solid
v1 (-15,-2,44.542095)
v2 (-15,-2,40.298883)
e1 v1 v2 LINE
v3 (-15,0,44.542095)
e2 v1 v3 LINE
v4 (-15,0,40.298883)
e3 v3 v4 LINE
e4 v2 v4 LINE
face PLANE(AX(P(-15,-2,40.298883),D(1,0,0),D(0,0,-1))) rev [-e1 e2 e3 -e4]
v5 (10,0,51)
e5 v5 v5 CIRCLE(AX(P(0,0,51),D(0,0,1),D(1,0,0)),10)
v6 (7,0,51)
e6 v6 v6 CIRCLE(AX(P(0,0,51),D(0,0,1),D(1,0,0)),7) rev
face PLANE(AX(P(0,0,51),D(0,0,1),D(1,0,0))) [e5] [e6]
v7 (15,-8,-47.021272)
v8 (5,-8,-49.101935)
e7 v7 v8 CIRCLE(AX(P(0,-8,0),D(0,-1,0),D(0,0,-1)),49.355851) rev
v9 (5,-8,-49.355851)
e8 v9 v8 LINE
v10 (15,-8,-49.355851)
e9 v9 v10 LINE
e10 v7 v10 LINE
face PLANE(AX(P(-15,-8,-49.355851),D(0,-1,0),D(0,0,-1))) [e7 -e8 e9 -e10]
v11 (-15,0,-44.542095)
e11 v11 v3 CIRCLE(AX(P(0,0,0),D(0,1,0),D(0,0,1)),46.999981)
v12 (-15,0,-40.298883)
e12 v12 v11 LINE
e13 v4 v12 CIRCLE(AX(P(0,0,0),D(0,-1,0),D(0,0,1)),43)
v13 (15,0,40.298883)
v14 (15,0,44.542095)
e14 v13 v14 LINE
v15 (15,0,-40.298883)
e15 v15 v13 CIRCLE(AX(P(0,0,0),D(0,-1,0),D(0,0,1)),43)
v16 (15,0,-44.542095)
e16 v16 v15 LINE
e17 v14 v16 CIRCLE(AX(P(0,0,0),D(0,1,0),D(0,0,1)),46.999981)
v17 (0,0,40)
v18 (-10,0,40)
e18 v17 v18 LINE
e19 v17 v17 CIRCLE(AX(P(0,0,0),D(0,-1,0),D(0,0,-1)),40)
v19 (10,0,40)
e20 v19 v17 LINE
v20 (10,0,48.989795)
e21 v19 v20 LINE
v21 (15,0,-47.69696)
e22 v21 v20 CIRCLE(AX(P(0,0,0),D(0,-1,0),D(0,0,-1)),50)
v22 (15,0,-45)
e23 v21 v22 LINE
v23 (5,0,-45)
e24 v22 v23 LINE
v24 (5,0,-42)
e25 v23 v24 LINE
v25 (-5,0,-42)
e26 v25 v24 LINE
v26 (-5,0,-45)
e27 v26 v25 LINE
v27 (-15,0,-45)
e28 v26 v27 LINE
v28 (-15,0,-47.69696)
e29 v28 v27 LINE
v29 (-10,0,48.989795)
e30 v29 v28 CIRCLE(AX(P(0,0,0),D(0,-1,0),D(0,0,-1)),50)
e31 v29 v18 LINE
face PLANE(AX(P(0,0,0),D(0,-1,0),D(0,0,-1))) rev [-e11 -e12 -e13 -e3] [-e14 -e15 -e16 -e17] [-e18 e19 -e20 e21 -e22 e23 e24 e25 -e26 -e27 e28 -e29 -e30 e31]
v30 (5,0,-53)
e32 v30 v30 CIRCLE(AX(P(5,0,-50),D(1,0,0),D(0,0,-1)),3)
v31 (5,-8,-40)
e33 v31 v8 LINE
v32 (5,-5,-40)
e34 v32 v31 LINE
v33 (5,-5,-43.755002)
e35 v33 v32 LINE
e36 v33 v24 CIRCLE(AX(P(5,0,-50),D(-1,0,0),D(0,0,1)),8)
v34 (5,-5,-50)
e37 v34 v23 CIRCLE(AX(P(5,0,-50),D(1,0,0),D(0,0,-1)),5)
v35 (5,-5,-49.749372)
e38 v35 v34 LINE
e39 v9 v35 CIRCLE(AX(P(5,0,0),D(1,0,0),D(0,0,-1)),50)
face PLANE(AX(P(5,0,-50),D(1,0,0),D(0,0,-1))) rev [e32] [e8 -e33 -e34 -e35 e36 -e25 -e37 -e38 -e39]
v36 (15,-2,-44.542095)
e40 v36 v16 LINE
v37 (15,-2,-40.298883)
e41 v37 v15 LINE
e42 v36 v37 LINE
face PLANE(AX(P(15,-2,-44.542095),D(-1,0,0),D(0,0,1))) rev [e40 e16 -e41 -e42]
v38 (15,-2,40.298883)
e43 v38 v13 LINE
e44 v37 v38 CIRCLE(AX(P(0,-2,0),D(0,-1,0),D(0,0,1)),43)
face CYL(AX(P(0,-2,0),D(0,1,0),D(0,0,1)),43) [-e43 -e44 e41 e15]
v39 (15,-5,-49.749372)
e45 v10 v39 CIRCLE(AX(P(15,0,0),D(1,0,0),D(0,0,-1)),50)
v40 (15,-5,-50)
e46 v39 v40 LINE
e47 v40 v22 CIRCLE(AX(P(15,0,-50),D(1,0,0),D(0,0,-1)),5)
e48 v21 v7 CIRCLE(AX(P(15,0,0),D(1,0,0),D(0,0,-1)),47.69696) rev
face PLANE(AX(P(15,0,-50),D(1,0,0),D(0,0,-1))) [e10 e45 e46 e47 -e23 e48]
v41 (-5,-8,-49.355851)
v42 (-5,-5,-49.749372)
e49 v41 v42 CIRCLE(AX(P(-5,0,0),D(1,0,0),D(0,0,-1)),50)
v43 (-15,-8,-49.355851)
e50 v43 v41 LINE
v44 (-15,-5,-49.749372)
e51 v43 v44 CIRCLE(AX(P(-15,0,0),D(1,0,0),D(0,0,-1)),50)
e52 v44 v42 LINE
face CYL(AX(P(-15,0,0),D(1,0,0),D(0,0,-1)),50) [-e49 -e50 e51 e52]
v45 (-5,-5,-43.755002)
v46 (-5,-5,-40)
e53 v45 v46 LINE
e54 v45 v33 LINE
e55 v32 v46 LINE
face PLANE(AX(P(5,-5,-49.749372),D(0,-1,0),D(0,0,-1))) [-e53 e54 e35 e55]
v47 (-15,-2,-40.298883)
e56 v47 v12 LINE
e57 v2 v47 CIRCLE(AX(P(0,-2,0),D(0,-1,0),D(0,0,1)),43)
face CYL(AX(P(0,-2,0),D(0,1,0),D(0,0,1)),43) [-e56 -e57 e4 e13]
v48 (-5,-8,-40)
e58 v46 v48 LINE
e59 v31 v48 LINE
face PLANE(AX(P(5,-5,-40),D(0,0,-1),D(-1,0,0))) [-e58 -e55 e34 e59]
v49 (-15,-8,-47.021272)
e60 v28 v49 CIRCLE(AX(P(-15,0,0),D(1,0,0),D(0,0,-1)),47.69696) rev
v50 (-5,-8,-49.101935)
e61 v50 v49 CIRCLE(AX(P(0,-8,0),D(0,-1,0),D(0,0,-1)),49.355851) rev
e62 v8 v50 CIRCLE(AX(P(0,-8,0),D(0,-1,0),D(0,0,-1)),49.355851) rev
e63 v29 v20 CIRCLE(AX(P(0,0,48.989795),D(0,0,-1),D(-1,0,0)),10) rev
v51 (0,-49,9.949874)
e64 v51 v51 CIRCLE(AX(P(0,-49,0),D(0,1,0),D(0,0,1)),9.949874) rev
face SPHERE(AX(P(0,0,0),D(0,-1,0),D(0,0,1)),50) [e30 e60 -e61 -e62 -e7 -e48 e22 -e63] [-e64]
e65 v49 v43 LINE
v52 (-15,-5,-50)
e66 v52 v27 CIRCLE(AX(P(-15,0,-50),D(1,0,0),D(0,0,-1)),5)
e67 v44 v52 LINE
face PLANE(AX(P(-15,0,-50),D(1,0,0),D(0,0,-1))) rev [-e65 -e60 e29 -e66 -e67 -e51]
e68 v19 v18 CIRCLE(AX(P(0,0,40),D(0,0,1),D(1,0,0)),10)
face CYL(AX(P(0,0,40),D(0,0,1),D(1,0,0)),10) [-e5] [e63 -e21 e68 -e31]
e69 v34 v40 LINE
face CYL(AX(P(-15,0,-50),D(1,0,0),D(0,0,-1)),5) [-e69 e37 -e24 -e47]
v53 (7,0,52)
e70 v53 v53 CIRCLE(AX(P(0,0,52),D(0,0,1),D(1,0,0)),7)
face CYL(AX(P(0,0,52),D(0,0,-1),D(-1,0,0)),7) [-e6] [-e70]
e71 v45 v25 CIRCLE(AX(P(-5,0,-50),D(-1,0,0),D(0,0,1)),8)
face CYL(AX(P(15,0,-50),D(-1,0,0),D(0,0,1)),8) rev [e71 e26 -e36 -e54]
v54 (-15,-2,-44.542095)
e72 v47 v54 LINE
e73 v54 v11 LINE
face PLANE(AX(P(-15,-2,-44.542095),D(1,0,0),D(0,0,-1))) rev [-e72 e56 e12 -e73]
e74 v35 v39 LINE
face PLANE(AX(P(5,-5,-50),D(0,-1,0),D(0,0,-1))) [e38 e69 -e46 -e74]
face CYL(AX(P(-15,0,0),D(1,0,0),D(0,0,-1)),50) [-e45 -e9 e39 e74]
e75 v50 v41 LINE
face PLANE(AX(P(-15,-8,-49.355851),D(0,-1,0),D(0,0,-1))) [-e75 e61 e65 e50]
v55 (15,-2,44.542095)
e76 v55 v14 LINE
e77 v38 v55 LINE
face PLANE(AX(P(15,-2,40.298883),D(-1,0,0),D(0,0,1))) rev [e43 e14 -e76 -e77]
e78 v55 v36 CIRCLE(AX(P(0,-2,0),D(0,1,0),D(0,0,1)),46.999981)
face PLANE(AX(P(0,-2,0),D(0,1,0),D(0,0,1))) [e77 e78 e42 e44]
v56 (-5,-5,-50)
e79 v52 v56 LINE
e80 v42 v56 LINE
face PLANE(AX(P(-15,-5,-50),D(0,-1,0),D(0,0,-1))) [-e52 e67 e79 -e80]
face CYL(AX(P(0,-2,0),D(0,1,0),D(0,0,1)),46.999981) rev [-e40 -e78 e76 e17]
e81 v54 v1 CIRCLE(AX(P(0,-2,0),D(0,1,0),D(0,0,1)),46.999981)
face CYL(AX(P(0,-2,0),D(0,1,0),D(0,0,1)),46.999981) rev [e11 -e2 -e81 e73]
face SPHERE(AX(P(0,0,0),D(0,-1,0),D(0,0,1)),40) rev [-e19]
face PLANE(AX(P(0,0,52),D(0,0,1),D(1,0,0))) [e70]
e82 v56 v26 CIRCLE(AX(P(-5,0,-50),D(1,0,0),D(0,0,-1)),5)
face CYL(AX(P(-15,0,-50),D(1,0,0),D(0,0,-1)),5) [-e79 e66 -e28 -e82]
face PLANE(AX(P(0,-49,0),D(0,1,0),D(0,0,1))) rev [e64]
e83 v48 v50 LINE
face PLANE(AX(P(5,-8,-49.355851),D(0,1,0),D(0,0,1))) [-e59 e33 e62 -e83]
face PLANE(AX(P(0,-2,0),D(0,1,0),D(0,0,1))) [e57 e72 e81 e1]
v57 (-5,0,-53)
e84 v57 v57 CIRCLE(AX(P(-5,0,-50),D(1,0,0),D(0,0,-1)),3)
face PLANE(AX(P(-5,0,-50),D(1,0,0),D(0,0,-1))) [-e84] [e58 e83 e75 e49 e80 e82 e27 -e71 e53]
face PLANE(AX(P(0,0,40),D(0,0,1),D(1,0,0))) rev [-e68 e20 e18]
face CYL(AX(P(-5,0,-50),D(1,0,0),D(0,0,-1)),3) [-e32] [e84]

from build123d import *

# Parameters (mm, degrees)
CUT_EXTRUDE1_DEPTH       = 15
CUT_EXTRUDE1_DEPTH_BACK  = 15
SKETCH5_R                = 8
BOSS_EXTRUDE1_DEPTH      = 15
BOSS_EXTRUDE1_DEPTH_BACK = 15
SKETCH6_R                = 5
CUT_EXTRUDE2_DEPTH       = 5
CUT_EXTRUDE2_DEPTH_BACK  = 5
SKETCH7_R                = 5
BOSS_EXTRUDE2_DEPTH      = 5
BOSS_EXTRUDE2_DEPTH_BACK = 5
SKETCH8_R                = 3
SKETCH9_W                = 10
SKETCH9_H                = 5
BOSS_EXTRUDE3_DEPTH      = 10
LPATTERN1_COUNT          = 2
LPATTERN1_PITCH          = 20
BOSS_EXTRUDE4_DEPTH      = 1
BOSS_EXTRUDE4_DEPTH_BACK = 10
SKETCH10_R               = 10
SKETCH11_R               = 7
BOSS_EXTRUDE5_DEPTH      = 2
CUT_EXTRUDE5_DEPTH       = 2
BOSS_EXTRUDE6_DEPTH      = 15
BOSS_EXTRUDE6_DEPTH_BACK = 15
CUT_EXTRUDE6_DEPTH       = 5
CUT_EXTRUDE6_DEPTH_BACK  = 5
SKETCH15_R               = 10
CUT_EXTRUDE7_DEPTH       = 1


with BuildPart() as part:
    # Sketch3 → Revolve2 (revolve)
    with BuildSketch(Plane(origin=(0, 0, 0), x_dir=(0, 0, -1), z_dir=(1, 0, 0))):
        with BuildLine():
            Line((50, 0), (40, 0))
            ThreePointArc((40, 0), (28.284271247, -28.284271247), (0, -40))
            Line((0, -40), (0, -50))
            ThreePointArc((0, -50), (35.355339059, -35.355339059), (50, 0))
        make_face()
    revolve(axis=Axis((0, 0, 0), (0, 1, 0)))

    # Sketch5 → Cut-Extrude1 (cut, two sides: drawn at the far end of the back side and taken through both)
    with BuildSketch(Plane(origin=(0, 0, 0), x_dir=(0, 0, -1), z_dir=(1, 0, 0)).offset(-CUT_EXTRUDE1_DEPTH_BACK)):
        with Locations((50, 0)):
            Circle(SKETCH5_R)
    extrude(amount=CUT_EXTRUDE1_DEPTH + CUT_EXTRUDE1_DEPTH_BACK, mode=Mode.SUBTRACT)

    # Sketch6 → Boss-Extrude1 (add, two sides: drawn at the far end of the back side and taken through both)
    with BuildSketch(Plane(origin=(0, 0, 0), x_dir=(0, 0, -1), z_dir=(1, 0, 0)).offset(-BOSS_EXTRUDE1_DEPTH_BACK)):
        with Locations((50, 0)):
            Circle(SKETCH6_R)
    extrude(amount=BOSS_EXTRUDE1_DEPTH + BOSS_EXTRUDE1_DEPTH_BACK)

    # Sketch7 → Cut-Extrude2 (cut, two sides: drawn at the far end of the back side and taken through both)
    with BuildSketch(Plane(origin=(0, 0, 0), x_dir=(0, 0, -1), z_dir=(1, 0, 0)).offset(-CUT_EXTRUDE2_DEPTH_BACK)):
        with Locations((50, 0)):
            Circle(SKETCH7_R)
    extrude(amount=CUT_EXTRUDE2_DEPTH + CUT_EXTRUDE2_DEPTH_BACK, mode=Mode.SUBTRACT)

    # Sketch8 → Boss-Extrude2 (add, two sides: drawn at the far end of the back side and taken through both)
    with BuildSketch(Plane(origin=(0, 0, 0), x_dir=(0, 0, -1), z_dir=(1, 0, 0)).offset(-BOSS_EXTRUDE2_DEPTH_BACK)):
        with Locations((50, 0)):
            Circle(SKETCH8_R)
    extrude(amount=BOSS_EXTRUDE2_DEPTH + BOSS_EXTRUDE2_DEPTH_BACK)

    # Sketch9 → Boss-Extrude3 (add)
    with BuildSketch(Plane(origin=(15, 0, 0), x_dir=(0, 0, -1), z_dir=(1, 0, 0))):
        with Locations((45, -2.5)):
            Rectangle(SKETCH9_W, SKETCH9_H)
    boss_extrude3 = extrude(amount=-BOSS_EXTRUDE3_DEPTH)

    # LPattern1: Boss-Extrude3 ×2
    with Locations(*[(-i * LPATTERN1_PITCH, 0, 0) for i in range(1, LPATTERN1_COUNT)]):
        add(boss_extrude3)

    # Sketch10 → Boss-Extrude4 (add, two sides: drawn at the far end of the back side and taken through both)
    with BuildSketch(Plane.XY.offset(50).offset(-BOSS_EXTRUDE4_DEPTH_BACK)):
        Circle(SKETCH10_R)
    extrude(amount=BOSS_EXTRUDE4_DEPTH + BOSS_EXTRUDE4_DEPTH_BACK)

    # Sketch11 → Boss-Extrude5 (add)
    with BuildSketch(Plane.XY.offset(50)):
        Circle(SKETCH11_R)
    extrude(amount=BOSS_EXTRUDE5_DEPTH)

    # Sketch12 → Cut-Extrude5 (cut)
    with BuildSketch(Plane(origin=(0, 0, 0), x_dir=(1, 0, 0), z_dir=(0, 1, 0))):
        with BuildLine():
            Line((-15, 44.542094894), (-15, 40.298883359))
            ThreePointArc((-15, 40.298883359), (-43, 0), (-15, -40.298883359))
            Line((-15, -40.298883359), (-15, -44.542094894))
            ThreePointArc((-15, -44.542094894), (-46.999981038, 0), (-15, 44.542094894))
        make_face()
        with BuildLine():
            Line((15, 44.542094894), (15, 40.298883359))
            ThreePointArc((15, 40.298883359), (43, 0), (15, -40.298883359))
            Line((15, -40.298883359), (15, -44.542094894))
            ThreePointArc((15, -44.542094894), (46.999981038, 0), (15, 44.542094894))
        make_face()
    extrude(amount=-CUT_EXTRUDE5_DEPTH, mode=Mode.SUBTRACT)

    # Sketch13 → Boss-Extrude6 (add, two sides: drawn at the far end of the back side and taken through both)
    with BuildSketch(Plane(origin=(0, 0, 0), x_dir=(0, 0, -1), z_dir=(1, 0, 0)).offset(-BOSS_EXTRUDE6_DEPTH_BACK)):
        with BuildLine():
            Line((49.749371855, -5), (40, -5))
            Line((40, -5), (40, -8))
            Line((40, -8), (49.355850717, -8))
            ThreePointArc((49.355850717, -8), (49.57530923, -6.502977374), (49.749371855, -5))
        make_face()
    extrude(amount=BOSS_EXTRUDE6_DEPTH + BOSS_EXTRUDE6_DEPTH_BACK)

    # Sketch14 → Cut-Extrude6 (cut, two sides: drawn at the far end of the back side and taken through both)
    with BuildSketch(Plane(origin=(0, 0, 0), x_dir=(0, 0, -1), z_dir=(1, 0, 0)).offset(-CUT_EXTRUDE6_DEPTH_BACK)):
        with BuildLine():
            Line((49.749371855, -5), (40, -5))
            Line((40, -5), (40, -8))
            Line((40, -8), (49.355850717, -8))
            ThreePointArc((49.355850717, -8), (49.57530923, -6.502977374), (49.749371855, -5))
        make_face()
    extrude(amount=CUT_EXTRUDE6_DEPTH + CUT_EXTRUDE6_DEPTH_BACK, mode=Mode.SUBTRACT)

    # Sketch15 → Cut-Extrude7 (cut)
    with BuildSketch(Plane(origin=(0, -50, 0), x_dir=(1, 0, 0), z_dir=(0, 1, 0))):
        Circle(SKETCH15_R)
    extrude(amount=CUT_EXTRUDE7_DEPTH, mode=Mode.SUBTRACT)


solid = part.part
